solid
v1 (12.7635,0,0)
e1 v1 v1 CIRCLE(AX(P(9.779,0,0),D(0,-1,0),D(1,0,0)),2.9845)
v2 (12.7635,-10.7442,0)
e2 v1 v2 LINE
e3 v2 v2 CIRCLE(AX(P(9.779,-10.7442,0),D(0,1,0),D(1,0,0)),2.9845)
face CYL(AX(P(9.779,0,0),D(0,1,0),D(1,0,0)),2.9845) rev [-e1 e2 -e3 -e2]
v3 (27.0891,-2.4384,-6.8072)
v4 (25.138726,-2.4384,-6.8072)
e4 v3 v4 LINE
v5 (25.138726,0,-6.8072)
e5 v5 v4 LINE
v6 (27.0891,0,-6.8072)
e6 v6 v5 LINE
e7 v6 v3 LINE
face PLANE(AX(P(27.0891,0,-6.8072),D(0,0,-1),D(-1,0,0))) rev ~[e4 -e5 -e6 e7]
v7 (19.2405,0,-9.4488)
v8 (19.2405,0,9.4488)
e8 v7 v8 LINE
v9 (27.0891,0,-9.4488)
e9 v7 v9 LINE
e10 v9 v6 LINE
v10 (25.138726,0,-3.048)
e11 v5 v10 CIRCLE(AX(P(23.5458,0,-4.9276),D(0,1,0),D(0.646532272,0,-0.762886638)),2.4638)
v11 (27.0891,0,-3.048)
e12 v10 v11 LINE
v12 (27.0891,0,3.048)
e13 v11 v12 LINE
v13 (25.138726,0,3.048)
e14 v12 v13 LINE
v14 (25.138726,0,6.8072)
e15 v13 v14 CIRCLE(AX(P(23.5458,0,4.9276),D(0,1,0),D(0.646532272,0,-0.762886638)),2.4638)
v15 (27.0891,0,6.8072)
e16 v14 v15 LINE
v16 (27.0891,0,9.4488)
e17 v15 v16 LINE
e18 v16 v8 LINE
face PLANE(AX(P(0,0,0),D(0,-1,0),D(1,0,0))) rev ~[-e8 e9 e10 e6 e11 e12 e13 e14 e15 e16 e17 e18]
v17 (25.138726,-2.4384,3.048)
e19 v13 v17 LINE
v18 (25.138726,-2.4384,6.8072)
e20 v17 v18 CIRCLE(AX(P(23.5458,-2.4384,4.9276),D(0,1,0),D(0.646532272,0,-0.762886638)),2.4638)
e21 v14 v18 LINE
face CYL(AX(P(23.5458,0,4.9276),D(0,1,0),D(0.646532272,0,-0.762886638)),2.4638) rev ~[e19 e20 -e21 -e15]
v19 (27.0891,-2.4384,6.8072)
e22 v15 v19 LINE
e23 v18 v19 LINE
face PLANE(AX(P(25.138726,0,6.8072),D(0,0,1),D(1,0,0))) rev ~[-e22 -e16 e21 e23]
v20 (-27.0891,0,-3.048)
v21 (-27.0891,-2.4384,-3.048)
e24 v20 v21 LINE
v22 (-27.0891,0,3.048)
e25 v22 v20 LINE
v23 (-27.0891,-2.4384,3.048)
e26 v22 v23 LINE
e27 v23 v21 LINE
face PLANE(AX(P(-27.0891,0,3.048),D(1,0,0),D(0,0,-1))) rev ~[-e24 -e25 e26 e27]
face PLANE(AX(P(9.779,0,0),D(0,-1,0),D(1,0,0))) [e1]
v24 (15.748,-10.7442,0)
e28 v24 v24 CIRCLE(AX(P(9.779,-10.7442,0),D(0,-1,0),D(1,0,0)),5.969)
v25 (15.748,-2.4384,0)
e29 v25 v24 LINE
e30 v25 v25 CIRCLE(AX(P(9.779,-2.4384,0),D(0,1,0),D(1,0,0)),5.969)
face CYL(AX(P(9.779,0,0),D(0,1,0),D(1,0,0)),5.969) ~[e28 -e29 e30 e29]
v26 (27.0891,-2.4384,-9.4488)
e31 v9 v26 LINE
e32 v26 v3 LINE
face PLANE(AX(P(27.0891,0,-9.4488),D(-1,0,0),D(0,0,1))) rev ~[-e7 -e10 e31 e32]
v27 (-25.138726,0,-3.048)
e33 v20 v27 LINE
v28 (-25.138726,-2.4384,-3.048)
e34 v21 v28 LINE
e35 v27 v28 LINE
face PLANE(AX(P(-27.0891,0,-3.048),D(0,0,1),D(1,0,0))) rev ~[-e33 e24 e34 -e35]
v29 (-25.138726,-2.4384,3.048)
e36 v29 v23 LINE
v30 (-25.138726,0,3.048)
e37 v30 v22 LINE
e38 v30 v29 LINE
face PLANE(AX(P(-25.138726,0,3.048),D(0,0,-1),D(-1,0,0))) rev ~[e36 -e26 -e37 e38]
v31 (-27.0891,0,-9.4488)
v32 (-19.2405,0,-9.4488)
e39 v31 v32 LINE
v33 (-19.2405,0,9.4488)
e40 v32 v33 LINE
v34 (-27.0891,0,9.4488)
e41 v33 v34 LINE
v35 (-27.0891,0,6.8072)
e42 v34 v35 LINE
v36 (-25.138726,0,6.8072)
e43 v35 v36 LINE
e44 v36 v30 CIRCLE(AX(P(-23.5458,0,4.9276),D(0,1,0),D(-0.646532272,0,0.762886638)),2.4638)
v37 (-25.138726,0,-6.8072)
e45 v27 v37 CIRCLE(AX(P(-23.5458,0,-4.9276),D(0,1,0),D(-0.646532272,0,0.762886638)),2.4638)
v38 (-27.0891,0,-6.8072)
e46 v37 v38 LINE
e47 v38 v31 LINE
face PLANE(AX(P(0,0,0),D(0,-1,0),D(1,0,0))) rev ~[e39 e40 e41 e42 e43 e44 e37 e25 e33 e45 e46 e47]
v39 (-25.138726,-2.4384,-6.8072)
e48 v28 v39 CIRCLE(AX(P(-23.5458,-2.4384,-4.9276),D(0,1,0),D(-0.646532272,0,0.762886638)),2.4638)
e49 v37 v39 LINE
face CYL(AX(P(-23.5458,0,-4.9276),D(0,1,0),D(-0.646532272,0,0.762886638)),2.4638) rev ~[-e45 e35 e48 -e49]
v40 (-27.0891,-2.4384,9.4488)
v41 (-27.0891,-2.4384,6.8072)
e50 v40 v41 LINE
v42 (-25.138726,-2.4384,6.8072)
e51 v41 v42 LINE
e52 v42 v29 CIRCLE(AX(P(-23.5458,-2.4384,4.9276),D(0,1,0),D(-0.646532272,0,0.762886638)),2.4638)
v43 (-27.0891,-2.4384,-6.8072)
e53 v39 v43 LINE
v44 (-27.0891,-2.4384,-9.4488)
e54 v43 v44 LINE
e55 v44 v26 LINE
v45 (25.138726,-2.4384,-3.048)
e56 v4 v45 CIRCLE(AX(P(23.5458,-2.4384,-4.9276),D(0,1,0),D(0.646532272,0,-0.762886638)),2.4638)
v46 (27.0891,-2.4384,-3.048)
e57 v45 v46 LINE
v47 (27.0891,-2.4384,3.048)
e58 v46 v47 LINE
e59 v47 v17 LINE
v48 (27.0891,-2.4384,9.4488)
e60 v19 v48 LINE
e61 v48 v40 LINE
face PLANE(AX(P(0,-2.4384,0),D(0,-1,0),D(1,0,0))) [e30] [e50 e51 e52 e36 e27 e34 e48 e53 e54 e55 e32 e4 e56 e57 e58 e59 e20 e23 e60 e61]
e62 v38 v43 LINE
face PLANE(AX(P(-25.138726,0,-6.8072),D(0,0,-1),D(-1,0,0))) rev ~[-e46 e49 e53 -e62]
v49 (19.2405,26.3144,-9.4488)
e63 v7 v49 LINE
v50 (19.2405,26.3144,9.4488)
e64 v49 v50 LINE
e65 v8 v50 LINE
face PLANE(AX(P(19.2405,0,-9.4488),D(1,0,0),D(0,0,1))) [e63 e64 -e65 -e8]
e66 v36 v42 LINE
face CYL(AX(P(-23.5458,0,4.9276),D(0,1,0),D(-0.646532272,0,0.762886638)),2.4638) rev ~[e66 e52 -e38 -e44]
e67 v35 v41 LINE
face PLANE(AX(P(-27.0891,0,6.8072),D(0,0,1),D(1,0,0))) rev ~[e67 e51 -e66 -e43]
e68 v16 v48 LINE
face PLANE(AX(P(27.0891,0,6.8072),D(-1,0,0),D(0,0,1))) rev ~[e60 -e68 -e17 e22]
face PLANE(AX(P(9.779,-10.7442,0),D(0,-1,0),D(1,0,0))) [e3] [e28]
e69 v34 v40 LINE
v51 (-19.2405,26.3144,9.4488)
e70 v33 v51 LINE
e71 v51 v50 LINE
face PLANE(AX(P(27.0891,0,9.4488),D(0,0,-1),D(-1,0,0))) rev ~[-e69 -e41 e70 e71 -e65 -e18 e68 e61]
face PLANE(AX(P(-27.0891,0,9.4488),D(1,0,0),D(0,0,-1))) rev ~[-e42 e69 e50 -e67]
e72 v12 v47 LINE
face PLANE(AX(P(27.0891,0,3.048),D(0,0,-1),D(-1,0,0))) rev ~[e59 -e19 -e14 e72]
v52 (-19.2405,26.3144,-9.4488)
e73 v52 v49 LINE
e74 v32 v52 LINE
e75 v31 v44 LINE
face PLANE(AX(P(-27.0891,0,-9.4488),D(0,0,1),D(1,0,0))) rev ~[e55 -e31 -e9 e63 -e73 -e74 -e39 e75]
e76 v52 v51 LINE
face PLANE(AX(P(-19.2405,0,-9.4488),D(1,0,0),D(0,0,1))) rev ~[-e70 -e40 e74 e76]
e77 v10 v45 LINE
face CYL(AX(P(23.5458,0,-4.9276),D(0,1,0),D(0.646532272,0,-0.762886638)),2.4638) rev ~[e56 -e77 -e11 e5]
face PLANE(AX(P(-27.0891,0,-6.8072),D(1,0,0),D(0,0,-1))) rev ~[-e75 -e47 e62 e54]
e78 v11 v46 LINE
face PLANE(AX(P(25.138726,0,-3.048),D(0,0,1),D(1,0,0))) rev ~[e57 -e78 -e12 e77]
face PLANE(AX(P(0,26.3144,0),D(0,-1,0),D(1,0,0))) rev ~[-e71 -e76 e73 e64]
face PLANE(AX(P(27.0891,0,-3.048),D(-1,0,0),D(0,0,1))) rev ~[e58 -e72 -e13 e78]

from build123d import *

# Parameters (mm, degrees)
F0_W     = 38.481
F0_H     = 18.8976
F1_DEPTH = 26.3144
F3_DEPTH = 2.4384
F4_R     = 5.969
F5_DEPTH = 10.7442
F6_R     = 2.9845
F7_DEPTH = 14.1986


with BuildPart() as f1:
    # F0 (on Front) → F1 (new body)
    with BuildSketch(Plane.XZ):
        Rectangle(F0_W, F0_H)
    extrude(amount=-F1_DEPTH)

    # F2 (on Front) → F3 (join)
    with BuildSketch(Plane.XZ):
        with BuildLine():
            Line((27.0891, 6.8072), (27.0891, 9.4488))
            Line((27.0891, 9.4488), (-27.0891, 9.4488))
            Line((-27.0891, 9.4488), (-27.0891, 6.8072))
            Line((-27.0891, 6.8072), (-25.138726, 6.8072))
            ThreePointArc((-25.138726, 6.8072), (-21.082, 4.9276), (-25.138726, 3.048))
            Line((-25.138726, 3.048), (-27.0891, 3.048))
            Line((-27.0891, 3.048), (-27.0891, -3.048))
            Line((-27.0891, -3.048), (-25.138726, -3.048))
            ThreePointArc((-25.138726, -3.048), (-21.082, -4.9276), (-25.138726, -6.8072))
            Line((-25.138726, -6.8072), (-27.0891, -6.8072))
            Line((-27.0891, -6.8072), (-27.0891, -9.4488))
            Line((-27.0891, -9.4488), (27.0891, -9.4488))
            Line((27.0891, -9.4488), (27.0891, -6.8072))
            Line((27.0891, -6.8072), (25.138726, -6.8072))
            ThreePointArc((25.138726, -6.8072), (21.082, -4.9276), (25.138726, -3.048))
            Line((25.138726, -3.048), (27.0891, -3.048))
            Line((27.0891, -3.048), (27.0891, 3.048))
            Line((27.0891, 3.048), (25.138726, 3.048))
            ThreePointArc((25.138726, 3.048), (21.082, 4.9276), (25.138726, 6.8072))
            Line((25.138726, 6.8072), (27.0891, 6.8072))
        make_face()
    extrude(amount=F3_DEPTH)

    # F4 (on Front) → F5 (join)
    with BuildSketch(Plane.XZ):
        with Locations((9.779, 0)):
            Circle(F4_R)
    extrude(amount=F5_DEPTH)

    # F6 (on Front) → F7 (cut)
    with BuildSketch(Plane.XZ):
        with Locations((9.779, 0)):
            Circle(F6_R)
    extrude(amount=F7_DEPTH, mode=Mode.SUBTRACT)


solid = f1.part
